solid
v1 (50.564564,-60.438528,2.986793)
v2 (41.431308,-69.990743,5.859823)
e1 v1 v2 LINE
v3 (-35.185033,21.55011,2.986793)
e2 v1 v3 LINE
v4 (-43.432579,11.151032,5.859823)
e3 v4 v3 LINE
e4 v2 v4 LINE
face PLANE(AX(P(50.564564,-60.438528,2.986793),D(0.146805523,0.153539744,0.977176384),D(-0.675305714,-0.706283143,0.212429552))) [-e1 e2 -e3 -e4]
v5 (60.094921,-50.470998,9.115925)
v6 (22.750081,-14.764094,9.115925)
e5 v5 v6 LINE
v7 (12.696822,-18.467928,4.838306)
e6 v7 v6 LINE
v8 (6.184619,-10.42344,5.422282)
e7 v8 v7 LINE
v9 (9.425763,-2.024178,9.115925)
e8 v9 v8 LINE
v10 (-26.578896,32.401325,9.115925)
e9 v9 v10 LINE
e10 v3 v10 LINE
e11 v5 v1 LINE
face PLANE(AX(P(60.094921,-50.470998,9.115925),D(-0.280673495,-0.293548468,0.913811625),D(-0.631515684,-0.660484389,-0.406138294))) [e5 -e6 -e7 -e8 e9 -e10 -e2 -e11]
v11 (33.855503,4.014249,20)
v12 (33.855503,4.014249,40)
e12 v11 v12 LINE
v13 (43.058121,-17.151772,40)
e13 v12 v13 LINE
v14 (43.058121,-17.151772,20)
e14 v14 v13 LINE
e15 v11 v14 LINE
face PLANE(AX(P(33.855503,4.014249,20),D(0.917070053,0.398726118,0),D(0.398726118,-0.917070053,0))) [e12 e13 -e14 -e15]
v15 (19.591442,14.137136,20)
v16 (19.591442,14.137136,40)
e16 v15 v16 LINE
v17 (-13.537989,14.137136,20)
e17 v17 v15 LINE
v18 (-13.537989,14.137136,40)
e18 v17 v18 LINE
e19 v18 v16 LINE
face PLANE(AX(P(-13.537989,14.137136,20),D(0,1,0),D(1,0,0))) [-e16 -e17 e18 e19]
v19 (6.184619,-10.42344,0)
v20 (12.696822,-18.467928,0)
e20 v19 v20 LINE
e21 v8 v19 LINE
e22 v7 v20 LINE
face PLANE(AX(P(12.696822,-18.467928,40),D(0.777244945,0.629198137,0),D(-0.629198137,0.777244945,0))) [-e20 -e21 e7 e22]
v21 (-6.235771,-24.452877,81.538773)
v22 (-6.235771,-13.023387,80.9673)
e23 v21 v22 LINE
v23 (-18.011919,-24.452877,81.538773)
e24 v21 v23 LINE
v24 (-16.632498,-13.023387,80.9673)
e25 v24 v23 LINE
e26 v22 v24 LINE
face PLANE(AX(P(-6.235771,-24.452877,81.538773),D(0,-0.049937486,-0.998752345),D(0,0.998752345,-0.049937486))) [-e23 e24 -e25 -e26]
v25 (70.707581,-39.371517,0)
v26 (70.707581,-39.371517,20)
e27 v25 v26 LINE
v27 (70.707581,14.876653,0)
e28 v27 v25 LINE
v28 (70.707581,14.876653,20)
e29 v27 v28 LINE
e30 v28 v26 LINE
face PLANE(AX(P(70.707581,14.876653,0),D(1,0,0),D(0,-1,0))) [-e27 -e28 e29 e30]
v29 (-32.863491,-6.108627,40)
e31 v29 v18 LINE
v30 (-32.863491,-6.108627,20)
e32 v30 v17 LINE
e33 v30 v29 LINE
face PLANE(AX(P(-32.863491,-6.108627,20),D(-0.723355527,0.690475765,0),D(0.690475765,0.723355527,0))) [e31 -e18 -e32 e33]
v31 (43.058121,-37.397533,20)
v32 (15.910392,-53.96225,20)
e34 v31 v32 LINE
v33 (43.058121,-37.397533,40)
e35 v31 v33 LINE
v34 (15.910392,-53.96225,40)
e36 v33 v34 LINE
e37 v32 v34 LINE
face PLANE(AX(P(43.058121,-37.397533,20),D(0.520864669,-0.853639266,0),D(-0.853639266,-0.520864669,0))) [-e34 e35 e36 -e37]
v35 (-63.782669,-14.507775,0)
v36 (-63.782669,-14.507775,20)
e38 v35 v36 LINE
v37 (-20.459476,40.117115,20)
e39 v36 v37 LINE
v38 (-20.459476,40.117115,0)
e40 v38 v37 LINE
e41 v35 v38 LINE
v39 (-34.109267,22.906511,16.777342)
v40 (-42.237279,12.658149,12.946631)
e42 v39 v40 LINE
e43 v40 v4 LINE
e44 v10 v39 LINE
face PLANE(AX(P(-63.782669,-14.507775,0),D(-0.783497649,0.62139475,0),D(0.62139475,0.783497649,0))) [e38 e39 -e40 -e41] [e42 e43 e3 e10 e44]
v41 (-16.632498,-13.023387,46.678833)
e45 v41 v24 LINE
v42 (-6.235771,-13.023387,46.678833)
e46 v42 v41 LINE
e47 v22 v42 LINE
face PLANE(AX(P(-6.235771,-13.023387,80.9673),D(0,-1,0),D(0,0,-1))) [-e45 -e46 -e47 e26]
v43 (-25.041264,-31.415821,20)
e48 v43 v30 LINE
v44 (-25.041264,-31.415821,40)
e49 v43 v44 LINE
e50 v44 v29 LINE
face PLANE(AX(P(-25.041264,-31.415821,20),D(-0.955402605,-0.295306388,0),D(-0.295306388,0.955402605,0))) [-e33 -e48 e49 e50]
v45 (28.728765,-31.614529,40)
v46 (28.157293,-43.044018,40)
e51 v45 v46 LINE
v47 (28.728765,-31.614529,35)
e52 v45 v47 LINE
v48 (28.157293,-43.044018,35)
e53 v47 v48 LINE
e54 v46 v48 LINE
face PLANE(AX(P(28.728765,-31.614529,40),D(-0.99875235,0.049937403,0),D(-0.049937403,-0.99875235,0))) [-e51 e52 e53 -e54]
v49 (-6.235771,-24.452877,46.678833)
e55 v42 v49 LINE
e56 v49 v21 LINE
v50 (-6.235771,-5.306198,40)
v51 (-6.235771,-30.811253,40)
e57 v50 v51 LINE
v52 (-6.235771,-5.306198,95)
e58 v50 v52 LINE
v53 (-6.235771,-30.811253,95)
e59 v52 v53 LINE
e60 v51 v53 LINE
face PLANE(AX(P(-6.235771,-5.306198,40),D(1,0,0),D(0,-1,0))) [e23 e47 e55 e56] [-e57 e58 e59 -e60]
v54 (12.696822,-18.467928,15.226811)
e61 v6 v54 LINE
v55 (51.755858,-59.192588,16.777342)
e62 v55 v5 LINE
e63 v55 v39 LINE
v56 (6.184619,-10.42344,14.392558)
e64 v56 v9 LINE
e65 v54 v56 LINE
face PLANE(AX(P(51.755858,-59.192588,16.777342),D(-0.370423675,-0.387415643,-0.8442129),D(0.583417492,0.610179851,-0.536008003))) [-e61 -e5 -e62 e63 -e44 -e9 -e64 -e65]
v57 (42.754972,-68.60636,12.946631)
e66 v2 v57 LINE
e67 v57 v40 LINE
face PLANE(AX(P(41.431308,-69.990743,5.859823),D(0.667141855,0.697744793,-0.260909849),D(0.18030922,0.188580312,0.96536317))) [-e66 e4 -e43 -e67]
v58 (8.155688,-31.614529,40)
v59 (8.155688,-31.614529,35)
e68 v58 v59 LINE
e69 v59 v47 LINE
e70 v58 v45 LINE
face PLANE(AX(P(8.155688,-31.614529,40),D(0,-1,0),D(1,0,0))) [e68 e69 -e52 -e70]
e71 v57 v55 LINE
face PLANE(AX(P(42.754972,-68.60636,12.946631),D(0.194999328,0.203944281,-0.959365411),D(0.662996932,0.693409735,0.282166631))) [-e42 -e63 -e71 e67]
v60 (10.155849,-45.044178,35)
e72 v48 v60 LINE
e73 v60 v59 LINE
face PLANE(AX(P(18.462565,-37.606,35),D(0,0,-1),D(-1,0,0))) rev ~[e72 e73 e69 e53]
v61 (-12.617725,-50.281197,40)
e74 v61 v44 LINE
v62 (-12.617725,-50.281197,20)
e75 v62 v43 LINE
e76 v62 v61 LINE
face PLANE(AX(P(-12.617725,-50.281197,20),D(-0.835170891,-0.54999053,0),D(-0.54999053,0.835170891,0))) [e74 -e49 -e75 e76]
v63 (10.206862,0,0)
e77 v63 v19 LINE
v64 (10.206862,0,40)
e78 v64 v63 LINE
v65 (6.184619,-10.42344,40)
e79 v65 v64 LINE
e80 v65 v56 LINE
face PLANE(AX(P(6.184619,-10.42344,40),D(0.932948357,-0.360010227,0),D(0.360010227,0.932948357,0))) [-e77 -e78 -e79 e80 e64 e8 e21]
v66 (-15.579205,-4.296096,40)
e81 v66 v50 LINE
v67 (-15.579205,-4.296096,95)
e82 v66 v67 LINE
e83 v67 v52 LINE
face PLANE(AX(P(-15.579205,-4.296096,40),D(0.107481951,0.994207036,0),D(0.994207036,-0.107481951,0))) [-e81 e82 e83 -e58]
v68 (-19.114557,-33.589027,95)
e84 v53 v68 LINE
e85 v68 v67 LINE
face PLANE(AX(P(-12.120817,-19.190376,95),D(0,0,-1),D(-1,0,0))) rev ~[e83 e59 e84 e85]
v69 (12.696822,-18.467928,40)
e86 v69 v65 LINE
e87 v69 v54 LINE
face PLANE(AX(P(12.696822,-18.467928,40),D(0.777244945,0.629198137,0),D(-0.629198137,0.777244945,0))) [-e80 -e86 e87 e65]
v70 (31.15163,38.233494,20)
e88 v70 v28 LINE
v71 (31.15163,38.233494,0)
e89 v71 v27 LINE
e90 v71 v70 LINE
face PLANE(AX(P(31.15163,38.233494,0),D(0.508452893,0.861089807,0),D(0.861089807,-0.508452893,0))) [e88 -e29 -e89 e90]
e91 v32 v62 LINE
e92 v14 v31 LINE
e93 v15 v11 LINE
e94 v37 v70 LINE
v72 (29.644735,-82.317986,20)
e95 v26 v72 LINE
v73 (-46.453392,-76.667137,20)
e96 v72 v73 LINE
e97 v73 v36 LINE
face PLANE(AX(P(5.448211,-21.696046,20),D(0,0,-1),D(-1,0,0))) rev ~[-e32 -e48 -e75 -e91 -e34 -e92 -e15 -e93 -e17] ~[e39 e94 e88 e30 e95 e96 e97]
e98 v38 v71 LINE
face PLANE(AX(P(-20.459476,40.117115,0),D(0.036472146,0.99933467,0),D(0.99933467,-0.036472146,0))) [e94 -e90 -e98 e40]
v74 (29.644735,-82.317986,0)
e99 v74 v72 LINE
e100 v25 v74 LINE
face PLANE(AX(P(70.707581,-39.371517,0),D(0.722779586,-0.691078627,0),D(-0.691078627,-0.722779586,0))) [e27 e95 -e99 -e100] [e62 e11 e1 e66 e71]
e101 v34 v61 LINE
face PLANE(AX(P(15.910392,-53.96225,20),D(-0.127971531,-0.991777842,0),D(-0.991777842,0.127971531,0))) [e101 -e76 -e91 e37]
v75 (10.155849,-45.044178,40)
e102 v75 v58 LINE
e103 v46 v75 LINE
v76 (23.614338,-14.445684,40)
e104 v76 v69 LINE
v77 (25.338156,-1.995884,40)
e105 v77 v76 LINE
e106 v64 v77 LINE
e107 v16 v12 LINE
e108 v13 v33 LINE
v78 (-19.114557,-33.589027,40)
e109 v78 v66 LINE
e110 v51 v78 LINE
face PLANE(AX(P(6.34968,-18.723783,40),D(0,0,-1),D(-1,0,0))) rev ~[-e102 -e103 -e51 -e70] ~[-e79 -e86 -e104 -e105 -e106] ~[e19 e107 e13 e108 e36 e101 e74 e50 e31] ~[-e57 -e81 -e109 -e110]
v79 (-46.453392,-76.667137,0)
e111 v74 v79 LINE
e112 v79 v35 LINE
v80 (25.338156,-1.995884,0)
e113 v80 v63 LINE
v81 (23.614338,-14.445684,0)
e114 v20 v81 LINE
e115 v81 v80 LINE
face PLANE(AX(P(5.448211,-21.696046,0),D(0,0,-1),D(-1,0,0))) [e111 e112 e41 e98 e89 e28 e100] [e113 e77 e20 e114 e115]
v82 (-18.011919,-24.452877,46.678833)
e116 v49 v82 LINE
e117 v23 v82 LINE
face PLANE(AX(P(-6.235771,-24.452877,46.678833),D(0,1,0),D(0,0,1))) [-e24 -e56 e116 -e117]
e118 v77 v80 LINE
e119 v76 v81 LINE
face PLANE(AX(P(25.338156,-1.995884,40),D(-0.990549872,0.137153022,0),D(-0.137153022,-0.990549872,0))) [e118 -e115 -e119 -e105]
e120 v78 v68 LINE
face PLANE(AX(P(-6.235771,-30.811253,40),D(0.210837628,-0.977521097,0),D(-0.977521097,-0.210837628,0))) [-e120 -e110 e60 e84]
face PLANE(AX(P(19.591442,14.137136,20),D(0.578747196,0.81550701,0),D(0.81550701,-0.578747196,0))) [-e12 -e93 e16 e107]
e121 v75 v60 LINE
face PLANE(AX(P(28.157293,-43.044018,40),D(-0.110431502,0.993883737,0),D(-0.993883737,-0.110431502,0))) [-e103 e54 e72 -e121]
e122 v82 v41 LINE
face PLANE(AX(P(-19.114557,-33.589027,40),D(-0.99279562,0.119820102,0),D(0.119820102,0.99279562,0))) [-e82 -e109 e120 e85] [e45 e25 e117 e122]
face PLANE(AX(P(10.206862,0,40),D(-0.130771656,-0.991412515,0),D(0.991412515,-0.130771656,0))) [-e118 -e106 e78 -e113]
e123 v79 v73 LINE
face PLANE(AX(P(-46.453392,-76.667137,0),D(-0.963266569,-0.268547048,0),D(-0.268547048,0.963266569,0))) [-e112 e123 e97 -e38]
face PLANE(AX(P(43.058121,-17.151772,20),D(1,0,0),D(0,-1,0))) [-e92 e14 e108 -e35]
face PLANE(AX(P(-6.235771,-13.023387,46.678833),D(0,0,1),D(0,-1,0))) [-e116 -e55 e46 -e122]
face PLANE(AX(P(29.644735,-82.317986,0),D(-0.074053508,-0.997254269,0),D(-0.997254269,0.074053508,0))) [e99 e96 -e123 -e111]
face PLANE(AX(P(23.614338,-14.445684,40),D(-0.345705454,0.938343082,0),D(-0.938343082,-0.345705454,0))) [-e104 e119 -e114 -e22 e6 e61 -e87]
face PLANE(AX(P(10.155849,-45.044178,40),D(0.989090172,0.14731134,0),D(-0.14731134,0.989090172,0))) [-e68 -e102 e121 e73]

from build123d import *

# Parameters (mm, degrees)
PAD_DEPTH       = 20
PAD001_DEPTH    = 20
PAD002_DEPTH    = 55
POCKET_DEPTH    = 5
POCKET001_DEPTH = 40.001
POCKET002_DEPTH = 57.547898
POCKET003_DEPTH = 152.1407019841


with BuildPart() as part:
    # Sketch → Pad (new body)
    with BuildSketch(Plane.XY):
        Polygon((-20.459476, 40.117115), (31.15163, 38.233494), (70.707581, 14.876653), (70.707581, -39.371517), (29.644735, -82.317986), (-46.453392, -76.667137), (-63.782669, -14.507775), align=None)
    extrude(amount=PAD_DEPTH)

    # Sketch001 (on Face9 of Pad) → Pad001 (join)
    with BuildSketch(Plane.XY.offset(20)):
        Polygon((-13.537989, 14.137136), (19.591442, 14.137136), (33.855503, 4.014249), (43.058121, -17.151772), (43.058121, -37.397533), (15.910392, -53.96225), (-12.617725, -50.281197), (-25.041264, -31.415821), (-32.863491, -6.108627), align=None)
    extrude(amount=PAD001_DEPTH)

    # Sketch002 (on Face19 of Pad001) → Pad002 (join)
    with BuildSketch(Plane.XY.offset(40)):
        Polygon((-15.579205, -4.296096), (-6.235771, -5.306198), (-6.235771, -30.811253), (-19.114557, -33.589027), align=None)
    extrude(amount=PAD002_DEPTH)

    # Sketch003 (on Face19 of Pad002) → Pocket (cut)
    with BuildSketch(Plane.XY.offset(40)):
        Polygon((8.155688, -31.614529), (28.728765, -31.614529), (28.157293, -43.044018), (10.155849, -45.044178), align=None)
    extrude(amount=-POCKET_DEPTH, mode=Mode.SUBTRACT)

    # Sketch004 (on Face19 of Pocket) → Pocket001 (cut, through all)
    with BuildSketch(Plane.XY.offset(40)):
        Polygon((10.206862, 0), (25.338156, -1.995884), (23.614338, -14.445684), (12.696822, -18.467928), (6.184619, -10.42344), align=None)
    extrude(amount=-POCKET001_DEPTH, mode=Mode.SUBTRACT)

    # Sketch005 (on Face32 of Pocket001) → Pocket002 (cut, through all)
    with BuildSketch(Plane.YZ.offset(-6.235771)):
        Polygon((-24.452877, 81.538773), (-13.023387, 80.9673), (-13.023387, 46.678833), (-24.452877, 46.678833), align=None)
    extrude(amount=-POCKET002_DEPTH, mode=Mode.SUBTRACT)

    # Sketch006 (on Face9 of Pocket002) → Pocket003 (cut, through all)
    with BuildSketch(Plane(origin=(56.60434605, -54.1216914662, 0), x_dir=(0.6910786275, 0.7227795865, 0), z_dir=(0.7227795865, -0.6910786275, 0))):
        Polygon((-20.040229, 12.946631), (-7.015827, 16.777342), (5.050909, 9.115925), (-8.739645, 2.986793), (-21.955589, 5.859823), align=None)
    extrude(amount=-POCKET003_DEPTH, mode=Mode.SUBTRACT)


solid = part.part
